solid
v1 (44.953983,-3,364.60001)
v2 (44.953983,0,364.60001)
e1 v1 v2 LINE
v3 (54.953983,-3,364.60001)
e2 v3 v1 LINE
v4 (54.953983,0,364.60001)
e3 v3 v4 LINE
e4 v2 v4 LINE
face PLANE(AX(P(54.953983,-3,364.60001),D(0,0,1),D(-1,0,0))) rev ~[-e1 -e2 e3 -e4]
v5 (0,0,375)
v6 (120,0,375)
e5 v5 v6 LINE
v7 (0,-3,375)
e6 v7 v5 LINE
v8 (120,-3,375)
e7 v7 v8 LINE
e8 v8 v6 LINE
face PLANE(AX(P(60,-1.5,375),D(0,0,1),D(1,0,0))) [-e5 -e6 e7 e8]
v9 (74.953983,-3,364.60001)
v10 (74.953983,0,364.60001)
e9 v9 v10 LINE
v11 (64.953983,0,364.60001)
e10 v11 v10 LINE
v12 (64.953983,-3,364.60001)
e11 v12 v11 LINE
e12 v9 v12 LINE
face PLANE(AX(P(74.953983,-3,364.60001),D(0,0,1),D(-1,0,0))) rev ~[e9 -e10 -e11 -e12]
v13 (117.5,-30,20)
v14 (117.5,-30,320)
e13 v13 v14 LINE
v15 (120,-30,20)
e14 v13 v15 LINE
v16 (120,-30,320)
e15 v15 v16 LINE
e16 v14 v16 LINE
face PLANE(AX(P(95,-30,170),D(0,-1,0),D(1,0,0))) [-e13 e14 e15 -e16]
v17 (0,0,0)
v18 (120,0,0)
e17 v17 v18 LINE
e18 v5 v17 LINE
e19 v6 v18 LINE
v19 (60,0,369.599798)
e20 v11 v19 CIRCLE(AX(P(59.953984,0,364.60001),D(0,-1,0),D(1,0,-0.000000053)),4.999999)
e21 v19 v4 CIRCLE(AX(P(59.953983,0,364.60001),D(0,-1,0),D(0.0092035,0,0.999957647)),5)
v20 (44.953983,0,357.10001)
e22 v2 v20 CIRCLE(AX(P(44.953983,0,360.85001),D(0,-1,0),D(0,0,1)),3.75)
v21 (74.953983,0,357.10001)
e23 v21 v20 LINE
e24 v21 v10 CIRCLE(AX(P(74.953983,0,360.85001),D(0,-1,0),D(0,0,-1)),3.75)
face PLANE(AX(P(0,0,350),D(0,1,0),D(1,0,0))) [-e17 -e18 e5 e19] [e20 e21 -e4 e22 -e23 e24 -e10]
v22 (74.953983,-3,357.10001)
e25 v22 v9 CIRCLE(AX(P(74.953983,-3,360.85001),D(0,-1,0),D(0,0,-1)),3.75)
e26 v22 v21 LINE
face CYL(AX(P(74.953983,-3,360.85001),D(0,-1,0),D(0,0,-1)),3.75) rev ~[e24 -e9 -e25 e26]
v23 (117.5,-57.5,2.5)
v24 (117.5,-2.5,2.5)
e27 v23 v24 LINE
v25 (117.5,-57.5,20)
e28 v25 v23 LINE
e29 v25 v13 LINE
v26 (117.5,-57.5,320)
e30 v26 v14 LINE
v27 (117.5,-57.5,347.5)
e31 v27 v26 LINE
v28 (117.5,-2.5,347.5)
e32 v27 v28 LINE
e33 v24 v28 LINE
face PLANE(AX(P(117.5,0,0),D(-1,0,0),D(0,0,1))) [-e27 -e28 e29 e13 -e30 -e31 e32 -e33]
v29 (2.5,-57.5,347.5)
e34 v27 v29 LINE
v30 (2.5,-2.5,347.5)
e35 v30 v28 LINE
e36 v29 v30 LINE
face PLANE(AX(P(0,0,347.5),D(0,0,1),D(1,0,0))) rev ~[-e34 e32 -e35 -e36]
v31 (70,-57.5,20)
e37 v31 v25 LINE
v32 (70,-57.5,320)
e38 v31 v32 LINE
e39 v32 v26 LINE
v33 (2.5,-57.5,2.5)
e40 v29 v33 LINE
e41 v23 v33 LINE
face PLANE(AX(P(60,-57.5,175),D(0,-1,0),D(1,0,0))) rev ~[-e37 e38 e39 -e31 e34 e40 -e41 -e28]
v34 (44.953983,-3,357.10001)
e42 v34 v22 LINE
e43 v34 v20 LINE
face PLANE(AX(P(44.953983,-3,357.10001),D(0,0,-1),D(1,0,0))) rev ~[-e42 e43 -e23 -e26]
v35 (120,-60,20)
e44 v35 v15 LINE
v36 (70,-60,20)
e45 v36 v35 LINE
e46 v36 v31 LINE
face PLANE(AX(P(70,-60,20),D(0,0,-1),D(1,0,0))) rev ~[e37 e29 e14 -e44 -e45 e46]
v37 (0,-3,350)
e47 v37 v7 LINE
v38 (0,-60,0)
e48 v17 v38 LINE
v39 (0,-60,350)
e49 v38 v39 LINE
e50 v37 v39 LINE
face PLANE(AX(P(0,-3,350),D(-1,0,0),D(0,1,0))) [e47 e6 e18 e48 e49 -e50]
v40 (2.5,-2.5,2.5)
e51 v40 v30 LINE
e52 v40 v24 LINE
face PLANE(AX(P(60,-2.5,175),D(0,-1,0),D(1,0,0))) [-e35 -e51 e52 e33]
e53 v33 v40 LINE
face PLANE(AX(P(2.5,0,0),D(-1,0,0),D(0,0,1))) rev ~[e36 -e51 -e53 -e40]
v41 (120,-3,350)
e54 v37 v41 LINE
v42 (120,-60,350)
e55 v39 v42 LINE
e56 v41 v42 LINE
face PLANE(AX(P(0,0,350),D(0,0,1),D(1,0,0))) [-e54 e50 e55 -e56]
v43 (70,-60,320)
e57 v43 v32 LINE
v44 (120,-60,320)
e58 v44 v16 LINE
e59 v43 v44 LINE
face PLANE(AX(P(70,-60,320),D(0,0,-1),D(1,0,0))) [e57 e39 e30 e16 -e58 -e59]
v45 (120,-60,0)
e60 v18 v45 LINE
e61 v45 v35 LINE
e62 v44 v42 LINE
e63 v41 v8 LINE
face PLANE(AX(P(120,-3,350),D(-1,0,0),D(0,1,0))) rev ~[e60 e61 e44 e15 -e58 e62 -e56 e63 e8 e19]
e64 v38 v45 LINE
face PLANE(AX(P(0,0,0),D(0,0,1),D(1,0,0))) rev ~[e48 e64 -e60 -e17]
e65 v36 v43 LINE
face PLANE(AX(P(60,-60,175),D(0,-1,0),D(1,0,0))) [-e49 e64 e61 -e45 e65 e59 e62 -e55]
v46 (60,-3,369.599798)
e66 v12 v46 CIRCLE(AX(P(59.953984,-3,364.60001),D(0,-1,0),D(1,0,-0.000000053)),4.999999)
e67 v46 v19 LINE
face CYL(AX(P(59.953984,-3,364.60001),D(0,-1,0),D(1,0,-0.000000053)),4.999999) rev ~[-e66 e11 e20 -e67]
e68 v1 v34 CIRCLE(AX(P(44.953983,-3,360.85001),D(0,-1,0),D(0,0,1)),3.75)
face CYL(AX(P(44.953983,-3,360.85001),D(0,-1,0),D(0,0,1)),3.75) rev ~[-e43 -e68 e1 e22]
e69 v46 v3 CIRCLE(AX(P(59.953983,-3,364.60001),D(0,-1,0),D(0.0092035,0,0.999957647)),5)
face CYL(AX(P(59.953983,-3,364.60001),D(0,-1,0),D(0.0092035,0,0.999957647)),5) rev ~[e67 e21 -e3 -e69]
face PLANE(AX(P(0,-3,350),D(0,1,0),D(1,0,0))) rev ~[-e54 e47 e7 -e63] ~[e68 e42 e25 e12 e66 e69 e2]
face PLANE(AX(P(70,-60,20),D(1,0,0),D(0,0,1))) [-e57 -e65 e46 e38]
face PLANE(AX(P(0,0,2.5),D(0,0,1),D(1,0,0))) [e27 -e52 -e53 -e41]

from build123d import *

# Parameters (mm, degrees)
F0_W     = 120
F0_H     = 350
F1_DEPTH = 60
F2_W     = 50
F2_H     = 300
F3_DEPTH = 30
F4_T     = -2.5
F5_W     = 120
F5_H     = 3
F6_DEPTH = 25
F8_DEPTH = 25


with BuildPart() as f1:
    # F0 (on Front) → F1 (new body)
    with BuildSketch(Plane.XZ):
        with Locations((60, 175)):
            Rectangle(F0_W, F0_H)
    extrude(amount=F1_DEPTH)

    # F2 (on face) → F3 (cut)
    with BuildSketch(Plane.XZ.offset(60)):
        with Locations((95, 170)):
            Rectangle(F2_W, F2_H)
    extrude(amount=-F3_DEPTH, mode=Mode.SUBTRACT)

    # F4
    f4_openings = [f1.faces().sort_by_distance(p)[0] for p in [
        (95, -45, 20),
        (70, -45, 170),
        (95, -30, 170),
        (95, -45, 320),
    ]]
    offset(amount=F4_T, openings=f4_openings)

    # F5 (on face) → F6 (join)
    with BuildSketch(Plane.XY.offset(350)):
        with Locations((60, -1.5)):
            Rectangle(F5_W, F5_H)
    extrude(amount=F6_DEPTH)

    # F7 (on face) → F8 (cut)
    with BuildSketch(Plane.XZ.offset(3)):
        with BuildLine():
            ThreePointArc((64.953983, 364.60001), (63.505749, 368.119237), (60, 369.599798))
            ThreePointArc((60, 369.599798), (56.434756, 368.151776), (54.953983, 364.60001))
            Line((54.953983, 364.60001), (44.953983, 364.60001))
            ThreePointArc((44.953983, 364.60001), (41.203983, 360.85001), (44.953983, 357.10001))
            Line((44.953983, 357.10001), (74.953983, 357.10001))
            ThreePointArc((74.953983, 357.10001), (78.703983, 360.85001), (74.953983, 364.60001))
            Line((74.953983, 364.60001), (64.953983, 364.60001))
        make_face()
    extrude(amount=-F8_DEPTH, mode=Mode.SUBTRACT)


solid = f1.part
